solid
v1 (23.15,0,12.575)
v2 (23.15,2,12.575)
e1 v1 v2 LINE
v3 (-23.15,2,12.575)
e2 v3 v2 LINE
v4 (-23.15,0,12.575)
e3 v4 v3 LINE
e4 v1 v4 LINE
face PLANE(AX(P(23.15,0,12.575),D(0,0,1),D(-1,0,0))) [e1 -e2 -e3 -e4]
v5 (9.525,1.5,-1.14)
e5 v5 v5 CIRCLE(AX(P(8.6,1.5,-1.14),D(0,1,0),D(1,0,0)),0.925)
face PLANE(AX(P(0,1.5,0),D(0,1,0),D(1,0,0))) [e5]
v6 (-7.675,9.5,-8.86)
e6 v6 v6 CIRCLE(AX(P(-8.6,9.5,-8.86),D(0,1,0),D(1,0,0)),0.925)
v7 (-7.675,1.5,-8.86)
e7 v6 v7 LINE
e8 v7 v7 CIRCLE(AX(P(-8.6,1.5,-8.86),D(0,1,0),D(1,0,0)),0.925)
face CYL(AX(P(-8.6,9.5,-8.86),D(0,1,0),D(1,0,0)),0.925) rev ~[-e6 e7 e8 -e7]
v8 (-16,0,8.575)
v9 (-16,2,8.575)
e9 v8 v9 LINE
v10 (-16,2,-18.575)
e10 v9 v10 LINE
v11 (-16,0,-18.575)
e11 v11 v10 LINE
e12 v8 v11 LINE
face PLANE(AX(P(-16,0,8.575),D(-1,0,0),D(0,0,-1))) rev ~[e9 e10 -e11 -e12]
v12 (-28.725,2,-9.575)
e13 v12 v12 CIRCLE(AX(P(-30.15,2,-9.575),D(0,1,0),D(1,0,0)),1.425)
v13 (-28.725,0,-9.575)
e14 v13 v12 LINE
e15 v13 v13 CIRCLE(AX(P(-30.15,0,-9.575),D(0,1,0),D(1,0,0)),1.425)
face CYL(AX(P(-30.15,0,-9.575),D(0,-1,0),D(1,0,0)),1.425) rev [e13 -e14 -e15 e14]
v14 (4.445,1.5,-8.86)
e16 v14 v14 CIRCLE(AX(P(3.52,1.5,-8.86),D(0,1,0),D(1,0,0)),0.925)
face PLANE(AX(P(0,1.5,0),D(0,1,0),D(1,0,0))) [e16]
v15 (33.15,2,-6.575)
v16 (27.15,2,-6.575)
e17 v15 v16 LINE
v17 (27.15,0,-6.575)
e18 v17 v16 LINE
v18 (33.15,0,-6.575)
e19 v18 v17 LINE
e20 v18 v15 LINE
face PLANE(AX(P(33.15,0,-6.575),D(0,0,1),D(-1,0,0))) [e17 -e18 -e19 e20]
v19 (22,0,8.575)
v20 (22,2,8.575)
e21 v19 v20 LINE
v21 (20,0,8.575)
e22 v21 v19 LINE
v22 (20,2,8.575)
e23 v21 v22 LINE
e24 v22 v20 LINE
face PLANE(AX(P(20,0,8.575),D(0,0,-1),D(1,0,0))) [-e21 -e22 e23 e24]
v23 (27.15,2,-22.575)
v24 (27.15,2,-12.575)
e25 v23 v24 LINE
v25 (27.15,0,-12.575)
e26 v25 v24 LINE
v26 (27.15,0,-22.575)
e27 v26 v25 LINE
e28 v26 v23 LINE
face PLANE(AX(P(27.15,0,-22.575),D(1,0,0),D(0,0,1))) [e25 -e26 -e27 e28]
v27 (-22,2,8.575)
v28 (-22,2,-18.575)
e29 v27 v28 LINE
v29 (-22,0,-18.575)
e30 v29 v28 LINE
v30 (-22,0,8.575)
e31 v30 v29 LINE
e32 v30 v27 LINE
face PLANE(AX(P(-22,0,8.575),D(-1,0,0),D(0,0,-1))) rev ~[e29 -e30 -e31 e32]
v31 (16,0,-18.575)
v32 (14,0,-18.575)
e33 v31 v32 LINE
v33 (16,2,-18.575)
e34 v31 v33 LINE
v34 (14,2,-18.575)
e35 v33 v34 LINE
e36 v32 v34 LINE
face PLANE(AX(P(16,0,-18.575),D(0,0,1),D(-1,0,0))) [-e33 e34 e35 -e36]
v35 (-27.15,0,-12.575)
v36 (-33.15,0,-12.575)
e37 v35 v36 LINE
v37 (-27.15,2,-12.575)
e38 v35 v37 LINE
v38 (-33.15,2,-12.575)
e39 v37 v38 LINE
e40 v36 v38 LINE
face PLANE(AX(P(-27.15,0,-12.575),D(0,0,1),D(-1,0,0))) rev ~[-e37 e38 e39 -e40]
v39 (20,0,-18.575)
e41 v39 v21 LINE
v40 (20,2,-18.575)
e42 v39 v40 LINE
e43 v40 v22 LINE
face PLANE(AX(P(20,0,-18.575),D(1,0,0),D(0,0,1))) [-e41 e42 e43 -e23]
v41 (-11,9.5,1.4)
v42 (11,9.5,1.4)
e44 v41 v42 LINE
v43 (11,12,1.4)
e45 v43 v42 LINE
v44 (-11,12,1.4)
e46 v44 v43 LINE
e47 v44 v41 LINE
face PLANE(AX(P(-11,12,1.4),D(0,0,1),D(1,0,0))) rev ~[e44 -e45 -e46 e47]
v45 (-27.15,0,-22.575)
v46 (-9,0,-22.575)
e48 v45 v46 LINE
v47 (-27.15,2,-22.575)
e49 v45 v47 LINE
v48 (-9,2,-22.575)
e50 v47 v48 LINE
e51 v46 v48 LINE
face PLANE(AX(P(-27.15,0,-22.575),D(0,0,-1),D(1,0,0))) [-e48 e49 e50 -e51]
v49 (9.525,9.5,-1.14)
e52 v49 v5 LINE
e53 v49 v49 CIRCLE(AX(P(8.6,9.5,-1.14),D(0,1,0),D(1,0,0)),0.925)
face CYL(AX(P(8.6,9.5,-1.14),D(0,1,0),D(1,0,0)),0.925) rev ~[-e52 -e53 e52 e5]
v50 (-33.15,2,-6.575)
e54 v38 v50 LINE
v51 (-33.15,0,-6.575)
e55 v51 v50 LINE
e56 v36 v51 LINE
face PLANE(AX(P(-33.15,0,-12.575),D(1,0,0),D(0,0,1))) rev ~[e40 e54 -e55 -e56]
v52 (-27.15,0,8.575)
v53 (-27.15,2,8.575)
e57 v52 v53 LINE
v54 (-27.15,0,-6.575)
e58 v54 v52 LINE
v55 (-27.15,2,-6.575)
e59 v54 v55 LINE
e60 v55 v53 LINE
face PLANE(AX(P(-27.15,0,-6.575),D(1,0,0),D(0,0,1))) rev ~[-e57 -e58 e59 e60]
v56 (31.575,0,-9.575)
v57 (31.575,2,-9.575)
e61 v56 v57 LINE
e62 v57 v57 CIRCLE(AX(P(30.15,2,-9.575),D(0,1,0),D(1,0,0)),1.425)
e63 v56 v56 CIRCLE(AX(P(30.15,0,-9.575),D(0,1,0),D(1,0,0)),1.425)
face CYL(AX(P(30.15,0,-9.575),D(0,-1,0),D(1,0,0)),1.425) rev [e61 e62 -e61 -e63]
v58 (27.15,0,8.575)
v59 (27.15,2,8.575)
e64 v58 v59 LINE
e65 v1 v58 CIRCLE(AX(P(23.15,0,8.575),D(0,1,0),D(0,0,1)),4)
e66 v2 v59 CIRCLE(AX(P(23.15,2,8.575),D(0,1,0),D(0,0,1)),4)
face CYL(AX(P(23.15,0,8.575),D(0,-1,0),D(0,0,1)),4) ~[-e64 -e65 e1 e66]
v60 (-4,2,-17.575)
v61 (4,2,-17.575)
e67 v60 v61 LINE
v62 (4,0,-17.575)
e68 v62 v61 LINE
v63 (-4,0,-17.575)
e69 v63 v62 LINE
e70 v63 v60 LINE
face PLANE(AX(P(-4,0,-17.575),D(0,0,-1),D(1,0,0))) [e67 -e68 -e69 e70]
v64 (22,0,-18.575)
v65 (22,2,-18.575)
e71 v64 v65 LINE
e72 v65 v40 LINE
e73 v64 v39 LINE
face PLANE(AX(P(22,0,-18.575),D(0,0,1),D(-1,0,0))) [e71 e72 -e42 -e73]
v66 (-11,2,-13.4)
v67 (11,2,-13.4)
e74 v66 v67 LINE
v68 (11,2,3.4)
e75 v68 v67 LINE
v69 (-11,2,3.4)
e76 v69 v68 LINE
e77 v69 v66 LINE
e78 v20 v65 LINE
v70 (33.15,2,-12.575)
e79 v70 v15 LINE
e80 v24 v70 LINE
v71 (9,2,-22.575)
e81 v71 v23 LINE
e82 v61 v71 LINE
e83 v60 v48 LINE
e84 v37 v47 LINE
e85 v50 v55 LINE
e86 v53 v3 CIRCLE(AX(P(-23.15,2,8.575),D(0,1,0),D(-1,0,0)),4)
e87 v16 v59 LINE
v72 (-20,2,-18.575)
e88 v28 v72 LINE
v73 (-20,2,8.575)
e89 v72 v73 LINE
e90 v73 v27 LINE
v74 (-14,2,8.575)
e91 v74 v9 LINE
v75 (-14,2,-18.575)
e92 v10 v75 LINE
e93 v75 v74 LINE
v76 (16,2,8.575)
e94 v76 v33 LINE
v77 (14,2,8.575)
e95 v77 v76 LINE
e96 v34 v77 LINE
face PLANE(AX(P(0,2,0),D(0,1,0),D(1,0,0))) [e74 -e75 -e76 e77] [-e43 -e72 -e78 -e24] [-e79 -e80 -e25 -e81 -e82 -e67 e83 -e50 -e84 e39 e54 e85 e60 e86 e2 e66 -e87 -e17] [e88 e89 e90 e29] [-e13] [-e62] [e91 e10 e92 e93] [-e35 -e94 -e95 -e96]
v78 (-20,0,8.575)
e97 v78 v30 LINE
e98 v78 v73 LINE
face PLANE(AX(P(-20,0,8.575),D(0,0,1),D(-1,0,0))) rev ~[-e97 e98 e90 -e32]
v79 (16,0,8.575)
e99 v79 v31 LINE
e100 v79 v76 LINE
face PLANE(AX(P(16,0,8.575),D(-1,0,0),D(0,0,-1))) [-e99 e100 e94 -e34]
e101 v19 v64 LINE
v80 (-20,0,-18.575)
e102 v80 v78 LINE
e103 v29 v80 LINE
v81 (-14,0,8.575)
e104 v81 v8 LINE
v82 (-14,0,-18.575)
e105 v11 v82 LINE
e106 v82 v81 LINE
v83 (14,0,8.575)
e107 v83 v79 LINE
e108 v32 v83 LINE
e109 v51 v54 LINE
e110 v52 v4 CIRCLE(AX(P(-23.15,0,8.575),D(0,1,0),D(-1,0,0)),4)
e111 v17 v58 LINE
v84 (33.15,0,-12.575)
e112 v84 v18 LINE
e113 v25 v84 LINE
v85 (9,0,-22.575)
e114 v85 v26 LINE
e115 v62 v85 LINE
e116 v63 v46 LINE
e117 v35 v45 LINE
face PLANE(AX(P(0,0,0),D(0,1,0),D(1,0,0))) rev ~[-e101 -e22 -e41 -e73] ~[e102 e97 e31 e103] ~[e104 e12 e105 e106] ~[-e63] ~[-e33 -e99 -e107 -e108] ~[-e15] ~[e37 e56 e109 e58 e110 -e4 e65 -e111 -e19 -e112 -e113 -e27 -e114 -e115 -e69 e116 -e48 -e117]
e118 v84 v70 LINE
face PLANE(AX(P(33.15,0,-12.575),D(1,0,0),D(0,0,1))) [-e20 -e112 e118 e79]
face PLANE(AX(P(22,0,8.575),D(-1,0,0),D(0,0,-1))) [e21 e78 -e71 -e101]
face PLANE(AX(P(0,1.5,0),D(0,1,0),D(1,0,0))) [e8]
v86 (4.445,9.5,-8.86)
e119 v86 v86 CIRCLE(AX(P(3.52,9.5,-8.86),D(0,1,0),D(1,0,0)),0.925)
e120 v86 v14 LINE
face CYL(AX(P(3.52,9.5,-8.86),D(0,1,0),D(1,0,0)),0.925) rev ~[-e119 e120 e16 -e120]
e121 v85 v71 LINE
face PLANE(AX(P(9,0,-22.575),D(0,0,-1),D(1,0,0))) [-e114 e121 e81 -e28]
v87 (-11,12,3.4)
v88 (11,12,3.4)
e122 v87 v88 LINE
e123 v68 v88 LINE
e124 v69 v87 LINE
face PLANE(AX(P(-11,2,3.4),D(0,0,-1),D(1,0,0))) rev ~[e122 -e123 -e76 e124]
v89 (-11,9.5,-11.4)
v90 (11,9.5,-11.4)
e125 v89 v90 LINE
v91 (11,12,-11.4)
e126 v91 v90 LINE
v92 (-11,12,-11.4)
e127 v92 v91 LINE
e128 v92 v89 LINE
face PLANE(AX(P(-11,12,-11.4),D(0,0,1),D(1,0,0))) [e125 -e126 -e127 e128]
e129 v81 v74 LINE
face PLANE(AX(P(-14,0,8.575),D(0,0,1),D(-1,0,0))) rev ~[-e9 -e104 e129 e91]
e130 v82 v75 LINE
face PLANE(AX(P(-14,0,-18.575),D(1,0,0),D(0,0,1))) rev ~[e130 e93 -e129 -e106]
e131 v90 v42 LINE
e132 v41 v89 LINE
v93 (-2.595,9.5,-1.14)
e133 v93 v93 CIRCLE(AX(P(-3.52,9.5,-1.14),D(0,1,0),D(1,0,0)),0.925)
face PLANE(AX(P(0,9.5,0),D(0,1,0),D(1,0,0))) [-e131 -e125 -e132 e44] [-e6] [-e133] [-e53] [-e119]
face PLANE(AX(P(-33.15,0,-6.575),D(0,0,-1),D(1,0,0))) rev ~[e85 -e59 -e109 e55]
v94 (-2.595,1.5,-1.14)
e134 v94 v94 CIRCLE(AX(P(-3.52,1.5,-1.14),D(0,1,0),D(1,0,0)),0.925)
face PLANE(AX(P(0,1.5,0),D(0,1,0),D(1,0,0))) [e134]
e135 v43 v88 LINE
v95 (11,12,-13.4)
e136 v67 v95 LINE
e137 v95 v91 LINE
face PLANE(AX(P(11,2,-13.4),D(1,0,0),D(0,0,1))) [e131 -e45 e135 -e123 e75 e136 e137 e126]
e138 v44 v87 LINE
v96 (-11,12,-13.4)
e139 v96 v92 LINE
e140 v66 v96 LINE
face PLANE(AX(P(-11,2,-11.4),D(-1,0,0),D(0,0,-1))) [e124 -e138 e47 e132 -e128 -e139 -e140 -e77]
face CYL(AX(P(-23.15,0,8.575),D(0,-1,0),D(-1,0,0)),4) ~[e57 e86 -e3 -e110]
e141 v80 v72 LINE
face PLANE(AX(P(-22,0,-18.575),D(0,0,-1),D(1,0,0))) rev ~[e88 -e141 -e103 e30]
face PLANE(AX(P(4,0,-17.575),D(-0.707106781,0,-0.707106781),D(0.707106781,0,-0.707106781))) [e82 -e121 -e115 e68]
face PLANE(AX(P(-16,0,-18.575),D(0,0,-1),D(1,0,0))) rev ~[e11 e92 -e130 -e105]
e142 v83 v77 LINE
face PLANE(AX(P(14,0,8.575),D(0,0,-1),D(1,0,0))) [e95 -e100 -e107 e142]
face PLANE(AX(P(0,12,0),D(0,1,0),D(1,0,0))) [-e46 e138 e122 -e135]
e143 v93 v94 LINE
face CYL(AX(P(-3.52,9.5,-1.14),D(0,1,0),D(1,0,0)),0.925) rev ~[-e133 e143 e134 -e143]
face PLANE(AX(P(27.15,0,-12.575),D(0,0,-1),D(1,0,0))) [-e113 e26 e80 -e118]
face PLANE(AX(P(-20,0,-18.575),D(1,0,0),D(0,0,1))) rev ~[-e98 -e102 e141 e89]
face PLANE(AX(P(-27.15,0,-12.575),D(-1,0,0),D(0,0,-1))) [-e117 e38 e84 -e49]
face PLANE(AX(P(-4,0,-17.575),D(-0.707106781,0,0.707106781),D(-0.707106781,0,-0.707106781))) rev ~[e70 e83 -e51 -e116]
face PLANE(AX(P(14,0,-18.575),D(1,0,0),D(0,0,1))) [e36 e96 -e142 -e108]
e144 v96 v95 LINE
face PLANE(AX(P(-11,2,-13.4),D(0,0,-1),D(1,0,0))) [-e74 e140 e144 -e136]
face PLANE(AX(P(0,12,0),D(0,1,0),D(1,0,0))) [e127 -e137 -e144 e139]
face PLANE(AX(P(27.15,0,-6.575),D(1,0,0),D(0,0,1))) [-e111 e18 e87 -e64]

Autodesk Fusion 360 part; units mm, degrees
sketch "Sketch1" plane through (0, 0, 0) normal (0, 1, 0) x (1, 0, 0)
  line L0 (0, 12.575) -> (27.15, 12.575) construction
  line L1 (27.15, 12.575) -> (27.15, -8.575)
  line L2 (23.15, -12.575) -> (0, -12.575)
  line L3 (27.15, 12.575) -> (33.15, 12.575)
  line L4 (33.15, 12.575) -> (33.15, 6.575)
  line L5 (33.15, 6.575) -> (27.15, 6.575)
  line L6 (27.15, 6.575) -> (27.15, 12.575)
  line L7 (0, -12.575) -> (0, 12.575) construction
  circle A0 centre (30.15, 9.575) radius 1.425
  line L8 (27.15, 6.575) -> (33.15, 12.575) construction
  arc A1 (23.15, -12.575) -> (27.15, -8.575) centre (23.15, -8.575) ccw
  line L9 (-27.15, 12.575) -> (-27.15, -8.575)
  line L10 (-33.15, 6.575) -> (-27.15, 6.575)
  circle A2 centre (-30.15, 9.575) radius 1.425
  line L11 (-27.15, 12.575) -> (-33.15, 12.575)
  line L12 (-33.15, 12.575) -> (-33.15, 6.575)
  line L13 (-23.15, -12.575) -> (0, -12.575)
  arc A3 (-27.15, -8.575) -> (-23.15, -12.575) centre (-23.15, -8.575) ccw
  line L14 (-27.15, 0) -> (27.15, 0) construction
  line L15 (-27.15, 12.575) -> (-27.15, 22.575)
  line L16 (-27.15, 22.575) -> (27.15, 22.575)
  line L17 (27.15, 22.575) -> (27.15, 12.575)
  line L18 (22, 18.575) -> (20, 18.575)
  line L19 (22, -8.575) -> (22, 18.575)
  line L20 (20, -8.575) -> (22, -8.575)
  line L21 (20, 18.575) -> (20, -8.575)
  line L22 (16, -8.575) -> (16, 18.575)
  line L23 (14, 18.575) -> (14, -8.575)
  line L24 (14, -8.575) -> (16, -8.575)
  line L25 (16, 18.575) -> (14, 18.575)
  line L26 (-4, 17.575) -> (4, 17.575)
  line L27 (-4, 17.575) -> (-9, 22.575)
  line L28 (4, 17.575) -> (9, 22.575)
  line L29 (11, 13.4) -> (11, -3.4)
  line L30 (-11, -3.4) -> (-11, 13.4)
  line L31 (-11, 11.4) -> (11, 11.4)
  line L32 (-11, -1.4) -> (11, -1.4)
  line L33 (-11, 13.4) -> (11, 13.4)
  line L34 (-11, -3.4) -> (11, -3.4)
  line L35 (-11, 5) -> (11, 5) construction
  line L36 (-14, -8.575) -> (-16, -8.575)
  line L37 (-14, 18.575) -> (-14, -8.575)
  line L38 (-16, -8.575) -> (-16, 18.575)
  line L39 (-16, 18.575) -> (-14, 18.575)
  line L40 (-22, 18.575) -> (-20, 18.575)
  line L41 (-20, 18.575) -> (-20, -8.575)
  line L42 (-22, -8.575) -> (-22, 18.575)
  line L43 (-20, -8.575) -> (-22, -8.575)
  circle A4 centre (3.52, 8.86) radius 0.925
  circle A5 centre (8.6, 1.14) radius 0.925
  circle A6 centre (-8.6, 8.86) radius 0.925
  circle A7 centre (-3.52, 1.14) radius 0.925
  point P0 (0, 17.575)
  point P1 (0, 5)
  dimension "d1" = 6
  dimension "d2" = 6
  dimension "d4" = 33.15
  dimension "d5" = 2.85
  dimension "d6" = 4
  dimension "d16" = 10
  dimension "d18" = 25.15
  dimension "d25" = 5
  dimension "d26" = 45
  dimension "d27" = 45
  dimension "d28" = 8
  dimension "d29" = 22
  dimension "d32" = 12.8
  dimension "d33" = 2
  dimension "d34" = 2
  dimension "d36" = 5
  dimension "d37" = 2
  dimension "d38" = 27.15
  dimension "d39" = 14
  dimension "d40" = 4
  dimension "d41" = 4
  dimension "d56" = 2.4
  dimension "d57" = 2.54
  dimension "d58" = 2.54
  dimension "d59" = 7.48
  dimension "d60" = 1.85
  dimension "d61" = 2.4
  dimension "d62" = 2.54
  dimension "d63" = 7.48
  dimension "d64" = 2.54
extrude "Extrude1" add sketch "Sketch1" along normal blind 2 contours L1 L3 L4 L5 L6 | L1 L2 L6 A1 L9 L13 A3 L15 L16 L17 L26 L27 L28 | L9 L10 L11 L12 | L29 L30 L31 L33 | L29 L30 L31 L32 | L29 L30 L32 L34 | A4 | A5 | A6 | A7
extrude "Extrude2" add sketch "Sketch1" along normal blind 10 from surface at 2 contours L29 L30 L31 L33 | L29 L30 L31 L32 | L29 L30 L32 L34 | A4 | A5 | A6 | A7
extrude "Extrude3" cut sketch "Sketch1" against normal blind 2.5 from surface at 12 contours L29 L30 L31 L32 | A4 | A5 | A6 | A7
extrude "Extrude4" cut sketch "Sketch1" against normal blind 8 from surface at 9.5 contours A4 | A5 | A6 | A7
